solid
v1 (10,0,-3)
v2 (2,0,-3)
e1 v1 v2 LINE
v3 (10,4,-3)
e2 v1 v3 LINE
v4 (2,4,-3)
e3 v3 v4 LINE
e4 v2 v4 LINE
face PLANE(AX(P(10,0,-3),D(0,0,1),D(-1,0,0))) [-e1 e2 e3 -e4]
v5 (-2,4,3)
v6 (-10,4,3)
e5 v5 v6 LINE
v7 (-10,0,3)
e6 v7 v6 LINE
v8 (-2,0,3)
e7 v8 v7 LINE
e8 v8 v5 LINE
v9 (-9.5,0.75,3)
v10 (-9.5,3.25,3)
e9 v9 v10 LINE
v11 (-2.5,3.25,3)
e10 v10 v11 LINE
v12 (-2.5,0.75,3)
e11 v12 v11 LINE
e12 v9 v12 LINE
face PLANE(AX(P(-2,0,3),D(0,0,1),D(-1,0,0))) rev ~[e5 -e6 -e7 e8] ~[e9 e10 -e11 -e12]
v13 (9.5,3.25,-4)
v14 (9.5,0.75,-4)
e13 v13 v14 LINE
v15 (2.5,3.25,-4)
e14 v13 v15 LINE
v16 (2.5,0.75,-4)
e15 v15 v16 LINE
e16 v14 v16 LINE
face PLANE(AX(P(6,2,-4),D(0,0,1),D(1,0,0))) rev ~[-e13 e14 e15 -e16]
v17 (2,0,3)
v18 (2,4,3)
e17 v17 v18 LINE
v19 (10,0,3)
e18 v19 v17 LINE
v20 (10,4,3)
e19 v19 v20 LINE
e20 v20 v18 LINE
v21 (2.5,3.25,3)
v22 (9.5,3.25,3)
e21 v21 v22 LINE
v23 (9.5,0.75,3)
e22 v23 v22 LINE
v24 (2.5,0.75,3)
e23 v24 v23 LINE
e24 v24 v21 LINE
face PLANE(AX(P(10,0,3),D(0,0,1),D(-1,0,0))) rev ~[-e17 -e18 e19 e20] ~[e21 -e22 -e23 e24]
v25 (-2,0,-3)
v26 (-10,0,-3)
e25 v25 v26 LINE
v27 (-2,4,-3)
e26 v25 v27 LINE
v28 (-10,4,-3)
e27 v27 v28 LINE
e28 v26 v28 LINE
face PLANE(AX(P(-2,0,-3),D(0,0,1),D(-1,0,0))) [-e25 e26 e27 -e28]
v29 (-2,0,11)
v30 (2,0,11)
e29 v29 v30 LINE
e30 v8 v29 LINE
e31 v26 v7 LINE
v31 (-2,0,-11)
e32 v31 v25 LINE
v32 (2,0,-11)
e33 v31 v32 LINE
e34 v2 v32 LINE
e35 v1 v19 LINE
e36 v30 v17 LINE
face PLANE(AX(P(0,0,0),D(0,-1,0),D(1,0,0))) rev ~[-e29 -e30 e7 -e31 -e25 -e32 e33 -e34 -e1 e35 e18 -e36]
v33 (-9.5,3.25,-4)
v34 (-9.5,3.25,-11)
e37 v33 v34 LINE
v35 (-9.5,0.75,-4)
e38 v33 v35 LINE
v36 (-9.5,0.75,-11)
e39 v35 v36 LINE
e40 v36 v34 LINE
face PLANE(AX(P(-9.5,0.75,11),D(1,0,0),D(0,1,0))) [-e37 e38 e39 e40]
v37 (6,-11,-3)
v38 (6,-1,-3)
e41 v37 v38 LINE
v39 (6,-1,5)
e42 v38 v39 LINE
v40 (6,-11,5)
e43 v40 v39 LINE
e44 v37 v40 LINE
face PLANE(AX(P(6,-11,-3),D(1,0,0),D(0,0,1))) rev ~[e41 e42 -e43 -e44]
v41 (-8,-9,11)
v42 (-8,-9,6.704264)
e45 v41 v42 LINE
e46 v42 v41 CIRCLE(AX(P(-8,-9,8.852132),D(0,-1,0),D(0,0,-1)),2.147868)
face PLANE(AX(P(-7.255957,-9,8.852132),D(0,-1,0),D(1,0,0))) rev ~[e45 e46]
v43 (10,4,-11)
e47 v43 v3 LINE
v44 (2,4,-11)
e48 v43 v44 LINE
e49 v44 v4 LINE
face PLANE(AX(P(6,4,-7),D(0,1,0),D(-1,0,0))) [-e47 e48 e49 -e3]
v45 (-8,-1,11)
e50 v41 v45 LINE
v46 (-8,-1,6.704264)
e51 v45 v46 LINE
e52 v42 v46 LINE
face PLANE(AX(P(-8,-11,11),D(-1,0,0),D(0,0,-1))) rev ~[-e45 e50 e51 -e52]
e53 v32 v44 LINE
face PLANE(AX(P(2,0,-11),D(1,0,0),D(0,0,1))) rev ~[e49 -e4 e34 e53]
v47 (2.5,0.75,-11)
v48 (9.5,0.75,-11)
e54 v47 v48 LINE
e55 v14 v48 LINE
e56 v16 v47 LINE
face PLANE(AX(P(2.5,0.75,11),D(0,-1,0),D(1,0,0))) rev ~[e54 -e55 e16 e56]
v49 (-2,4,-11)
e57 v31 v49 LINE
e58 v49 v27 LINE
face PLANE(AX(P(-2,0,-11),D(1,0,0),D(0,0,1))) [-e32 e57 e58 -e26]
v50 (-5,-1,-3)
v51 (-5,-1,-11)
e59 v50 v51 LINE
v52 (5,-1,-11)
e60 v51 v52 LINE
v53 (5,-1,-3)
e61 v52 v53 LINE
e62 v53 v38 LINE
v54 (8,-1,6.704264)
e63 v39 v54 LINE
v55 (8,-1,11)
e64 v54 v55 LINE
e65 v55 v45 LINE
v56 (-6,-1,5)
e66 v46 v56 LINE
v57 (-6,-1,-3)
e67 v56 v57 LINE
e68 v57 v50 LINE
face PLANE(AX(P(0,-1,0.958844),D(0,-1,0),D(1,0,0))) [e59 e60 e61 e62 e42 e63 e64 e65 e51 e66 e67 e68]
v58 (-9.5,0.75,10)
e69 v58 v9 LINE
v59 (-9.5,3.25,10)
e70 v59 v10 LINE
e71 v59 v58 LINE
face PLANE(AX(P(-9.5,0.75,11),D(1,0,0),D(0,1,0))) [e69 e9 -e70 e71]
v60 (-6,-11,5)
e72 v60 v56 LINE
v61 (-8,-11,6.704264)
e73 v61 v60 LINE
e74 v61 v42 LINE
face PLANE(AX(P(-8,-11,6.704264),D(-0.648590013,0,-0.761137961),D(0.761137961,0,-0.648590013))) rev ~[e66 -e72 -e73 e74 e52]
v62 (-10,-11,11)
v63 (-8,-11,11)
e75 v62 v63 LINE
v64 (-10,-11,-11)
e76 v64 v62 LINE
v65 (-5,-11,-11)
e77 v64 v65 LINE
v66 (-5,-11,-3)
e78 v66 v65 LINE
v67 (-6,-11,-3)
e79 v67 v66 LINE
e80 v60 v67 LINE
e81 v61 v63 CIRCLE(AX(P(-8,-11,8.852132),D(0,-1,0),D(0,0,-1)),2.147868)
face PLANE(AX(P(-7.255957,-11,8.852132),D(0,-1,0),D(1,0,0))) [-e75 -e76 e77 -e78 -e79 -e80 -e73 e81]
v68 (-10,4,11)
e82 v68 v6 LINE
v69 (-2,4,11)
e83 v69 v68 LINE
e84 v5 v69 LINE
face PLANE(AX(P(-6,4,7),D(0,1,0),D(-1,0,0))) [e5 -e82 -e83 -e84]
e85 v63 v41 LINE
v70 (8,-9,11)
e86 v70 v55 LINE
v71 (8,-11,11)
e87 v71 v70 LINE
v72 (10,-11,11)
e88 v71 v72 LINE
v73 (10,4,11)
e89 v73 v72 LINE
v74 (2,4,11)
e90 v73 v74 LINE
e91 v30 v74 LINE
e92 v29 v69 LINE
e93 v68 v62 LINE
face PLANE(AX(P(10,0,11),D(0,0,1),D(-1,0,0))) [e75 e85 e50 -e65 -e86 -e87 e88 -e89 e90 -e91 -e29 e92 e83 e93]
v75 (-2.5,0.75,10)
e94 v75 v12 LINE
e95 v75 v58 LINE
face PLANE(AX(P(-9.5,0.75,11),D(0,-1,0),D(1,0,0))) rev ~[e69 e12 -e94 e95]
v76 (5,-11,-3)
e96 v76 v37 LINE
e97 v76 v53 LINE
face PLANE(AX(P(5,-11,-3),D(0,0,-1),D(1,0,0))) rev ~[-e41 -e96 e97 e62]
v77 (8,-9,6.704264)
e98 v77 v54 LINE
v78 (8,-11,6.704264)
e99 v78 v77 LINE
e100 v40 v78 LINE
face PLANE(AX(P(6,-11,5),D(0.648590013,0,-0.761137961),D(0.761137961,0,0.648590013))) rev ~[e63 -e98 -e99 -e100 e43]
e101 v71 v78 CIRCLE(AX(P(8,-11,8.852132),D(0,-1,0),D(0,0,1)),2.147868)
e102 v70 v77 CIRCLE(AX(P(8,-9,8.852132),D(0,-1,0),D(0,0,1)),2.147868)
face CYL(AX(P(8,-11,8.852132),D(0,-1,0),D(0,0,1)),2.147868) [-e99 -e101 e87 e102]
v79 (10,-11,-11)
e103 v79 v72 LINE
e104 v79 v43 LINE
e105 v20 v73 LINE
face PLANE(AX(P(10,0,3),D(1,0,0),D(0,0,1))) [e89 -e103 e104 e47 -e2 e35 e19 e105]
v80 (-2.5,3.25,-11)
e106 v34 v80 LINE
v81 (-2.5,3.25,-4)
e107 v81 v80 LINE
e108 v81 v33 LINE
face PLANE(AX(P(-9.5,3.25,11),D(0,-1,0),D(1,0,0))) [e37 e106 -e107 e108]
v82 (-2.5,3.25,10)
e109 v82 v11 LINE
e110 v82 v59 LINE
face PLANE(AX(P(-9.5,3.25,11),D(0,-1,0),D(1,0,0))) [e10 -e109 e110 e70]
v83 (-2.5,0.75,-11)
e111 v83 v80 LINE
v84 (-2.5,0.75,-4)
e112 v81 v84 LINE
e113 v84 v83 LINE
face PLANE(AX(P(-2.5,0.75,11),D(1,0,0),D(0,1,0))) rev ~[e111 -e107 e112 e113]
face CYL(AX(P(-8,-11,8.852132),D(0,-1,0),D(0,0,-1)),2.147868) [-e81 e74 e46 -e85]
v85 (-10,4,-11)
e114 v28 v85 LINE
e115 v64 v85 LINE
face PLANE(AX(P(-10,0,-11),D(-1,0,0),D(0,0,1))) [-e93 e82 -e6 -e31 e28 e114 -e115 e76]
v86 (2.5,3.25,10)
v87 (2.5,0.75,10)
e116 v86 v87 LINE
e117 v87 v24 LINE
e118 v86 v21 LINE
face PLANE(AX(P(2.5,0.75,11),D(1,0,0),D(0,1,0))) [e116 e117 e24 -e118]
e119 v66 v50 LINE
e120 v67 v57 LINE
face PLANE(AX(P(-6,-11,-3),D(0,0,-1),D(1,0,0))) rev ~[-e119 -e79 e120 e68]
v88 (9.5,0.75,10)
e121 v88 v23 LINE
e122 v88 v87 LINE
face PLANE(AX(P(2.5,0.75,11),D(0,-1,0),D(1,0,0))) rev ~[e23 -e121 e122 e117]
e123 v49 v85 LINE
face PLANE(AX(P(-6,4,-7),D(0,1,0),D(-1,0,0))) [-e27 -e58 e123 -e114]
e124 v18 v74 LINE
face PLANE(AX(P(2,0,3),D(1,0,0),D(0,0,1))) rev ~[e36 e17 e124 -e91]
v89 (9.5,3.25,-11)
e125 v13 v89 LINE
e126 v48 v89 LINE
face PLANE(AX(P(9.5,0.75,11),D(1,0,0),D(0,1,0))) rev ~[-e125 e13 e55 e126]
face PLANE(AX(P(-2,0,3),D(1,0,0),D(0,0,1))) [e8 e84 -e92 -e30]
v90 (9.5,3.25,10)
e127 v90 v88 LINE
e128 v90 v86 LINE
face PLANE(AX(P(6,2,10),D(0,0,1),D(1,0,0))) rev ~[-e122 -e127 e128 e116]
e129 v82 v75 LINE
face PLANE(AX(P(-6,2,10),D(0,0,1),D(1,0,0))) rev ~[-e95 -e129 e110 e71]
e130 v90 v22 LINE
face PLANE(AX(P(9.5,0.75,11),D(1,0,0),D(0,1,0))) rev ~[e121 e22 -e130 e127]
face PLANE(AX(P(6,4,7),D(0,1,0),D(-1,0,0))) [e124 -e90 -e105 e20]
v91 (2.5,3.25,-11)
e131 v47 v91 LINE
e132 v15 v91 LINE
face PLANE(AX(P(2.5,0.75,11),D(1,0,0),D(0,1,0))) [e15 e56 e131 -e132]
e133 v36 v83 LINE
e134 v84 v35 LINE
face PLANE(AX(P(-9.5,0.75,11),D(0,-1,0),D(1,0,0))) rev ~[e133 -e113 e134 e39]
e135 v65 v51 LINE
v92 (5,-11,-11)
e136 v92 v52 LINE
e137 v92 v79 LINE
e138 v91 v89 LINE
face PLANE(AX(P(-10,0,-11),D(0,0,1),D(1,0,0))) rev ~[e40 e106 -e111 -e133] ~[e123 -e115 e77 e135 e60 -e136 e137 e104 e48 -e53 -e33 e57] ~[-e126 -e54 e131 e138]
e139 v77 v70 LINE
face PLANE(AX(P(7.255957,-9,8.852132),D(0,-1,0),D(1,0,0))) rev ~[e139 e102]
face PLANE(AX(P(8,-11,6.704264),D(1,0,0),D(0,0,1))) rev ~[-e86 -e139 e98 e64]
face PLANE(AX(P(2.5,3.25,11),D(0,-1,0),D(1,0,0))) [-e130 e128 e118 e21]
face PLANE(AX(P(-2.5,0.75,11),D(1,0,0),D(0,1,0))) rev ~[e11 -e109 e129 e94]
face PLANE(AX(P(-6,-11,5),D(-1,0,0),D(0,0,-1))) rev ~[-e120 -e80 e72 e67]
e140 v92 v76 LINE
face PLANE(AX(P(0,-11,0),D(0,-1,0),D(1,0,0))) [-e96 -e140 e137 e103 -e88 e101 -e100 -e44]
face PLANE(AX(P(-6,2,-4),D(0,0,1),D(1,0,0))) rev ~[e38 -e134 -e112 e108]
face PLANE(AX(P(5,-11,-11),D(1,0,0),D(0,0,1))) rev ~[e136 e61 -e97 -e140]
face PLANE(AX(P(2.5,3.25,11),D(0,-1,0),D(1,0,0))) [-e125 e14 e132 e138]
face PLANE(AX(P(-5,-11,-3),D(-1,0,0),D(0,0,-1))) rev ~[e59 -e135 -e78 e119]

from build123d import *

# Parameters (mm, degrees)
F0_W      = 20
F0_H      = 22
F1_DEPTH  = 11
F3_DEPTH  = 10
F5_DEPTH  = 2
F6_W      = 8
F6_H      = 8
F7_DEPTH  = 4
F8_W      = 7
F8_H      = 2.5
F9_DEPTH  = 25
F11_W     = 8
F11_H     = 4
F12_DEPTH = 1
F10_W     = 8
F10_H     = 4
F13_DEPTH = 1


with BuildPart() as f1:
    # F0 (on Front) → F1 (new body)
    with BuildSketch(Plane.XZ):
        Rectangle(F0_W, F0_H)
    extrude(amount=F1_DEPTH)

    # F2 (on face) → F3 (cut)
    with BuildSketch(Plane.XZ.offset(11)):
        Polygon((8, 6.704264), (8, 11), (-8, 11), (-8, 6.704264), (-6, 5), (-6, -3), (-5, -3), (-5, -11), (5, -11), (5, -3), (6, -3), (6, 5), align=None)
    extrude(amount=-F3_DEPTH, mode=Mode.SUBTRACT)

    # F4 (on face) → F5 (join)
    with BuildSketch(Plane.XZ.offset(11)):
        with BuildLine():
            Line((-8, 11), (-8, 6.704264))
            ThreePointArc((-8, 6.704264), (-5.852132, 8.852132), (-8, 11))
        make_face()
        with BuildLine():
            ThreePointArc((8, 11), (5.852132, 8.852132), (8, 6.704264))
            Line((8, 6.704264), (8, 11))
        make_face()
    extrude(amount=-F5_DEPTH)

    # F6 (on face) → F7 (join)
    with BuildSketch(Plane(origin=(0, 0, 0), x_dir=(-1, 0, 0), z_dir=(0, 1, 0))):
        with Locations((-6, 7)):
            Rectangle(F6_W, F6_H)
        with Locations((6, 7)):
            Rectangle(F6_W, F6_H)
        with Locations((-6, -7)):
            Rectangle(F6_W, F6_H)
        with Locations((6, -7)):
            Rectangle(F6_W, F6_H)
    extrude(amount=F7_DEPTH)

    # F8 (on face) → F9 (cut)
    with BuildSketch(Plane.XY.offset(11)):
        with Locations((-6, 2)):
            Rectangle(F8_W, F8_H)
        with Locations((6, 2)):
            Rectangle(F8_W, F8_H)
    extrude(amount=-F9_DEPTH, mode=Mode.SUBTRACT)

    # F11 (on face) → F12 (join)
    with BuildSketch(Plane.XY.offset(-3)):
        with Locations((6, 2)):
            Rectangle(F11_W, F11_H)
        with Locations((-6, 2)):
            Rectangle(F11_W, F11_H)
    extrude(amount=-F12_DEPTH)

    # F10 (on face) → F13 (join)
    with BuildSketch(Plane.XY.offset(11)):
        with Locations((6, 2)):
            Rectangle(F10_W, F10_H)
        with Locations((-6, 2)):
            Rectangle(F10_W, F10_H)
    extrude(amount=-F13_DEPTH)


solid = f1.part
